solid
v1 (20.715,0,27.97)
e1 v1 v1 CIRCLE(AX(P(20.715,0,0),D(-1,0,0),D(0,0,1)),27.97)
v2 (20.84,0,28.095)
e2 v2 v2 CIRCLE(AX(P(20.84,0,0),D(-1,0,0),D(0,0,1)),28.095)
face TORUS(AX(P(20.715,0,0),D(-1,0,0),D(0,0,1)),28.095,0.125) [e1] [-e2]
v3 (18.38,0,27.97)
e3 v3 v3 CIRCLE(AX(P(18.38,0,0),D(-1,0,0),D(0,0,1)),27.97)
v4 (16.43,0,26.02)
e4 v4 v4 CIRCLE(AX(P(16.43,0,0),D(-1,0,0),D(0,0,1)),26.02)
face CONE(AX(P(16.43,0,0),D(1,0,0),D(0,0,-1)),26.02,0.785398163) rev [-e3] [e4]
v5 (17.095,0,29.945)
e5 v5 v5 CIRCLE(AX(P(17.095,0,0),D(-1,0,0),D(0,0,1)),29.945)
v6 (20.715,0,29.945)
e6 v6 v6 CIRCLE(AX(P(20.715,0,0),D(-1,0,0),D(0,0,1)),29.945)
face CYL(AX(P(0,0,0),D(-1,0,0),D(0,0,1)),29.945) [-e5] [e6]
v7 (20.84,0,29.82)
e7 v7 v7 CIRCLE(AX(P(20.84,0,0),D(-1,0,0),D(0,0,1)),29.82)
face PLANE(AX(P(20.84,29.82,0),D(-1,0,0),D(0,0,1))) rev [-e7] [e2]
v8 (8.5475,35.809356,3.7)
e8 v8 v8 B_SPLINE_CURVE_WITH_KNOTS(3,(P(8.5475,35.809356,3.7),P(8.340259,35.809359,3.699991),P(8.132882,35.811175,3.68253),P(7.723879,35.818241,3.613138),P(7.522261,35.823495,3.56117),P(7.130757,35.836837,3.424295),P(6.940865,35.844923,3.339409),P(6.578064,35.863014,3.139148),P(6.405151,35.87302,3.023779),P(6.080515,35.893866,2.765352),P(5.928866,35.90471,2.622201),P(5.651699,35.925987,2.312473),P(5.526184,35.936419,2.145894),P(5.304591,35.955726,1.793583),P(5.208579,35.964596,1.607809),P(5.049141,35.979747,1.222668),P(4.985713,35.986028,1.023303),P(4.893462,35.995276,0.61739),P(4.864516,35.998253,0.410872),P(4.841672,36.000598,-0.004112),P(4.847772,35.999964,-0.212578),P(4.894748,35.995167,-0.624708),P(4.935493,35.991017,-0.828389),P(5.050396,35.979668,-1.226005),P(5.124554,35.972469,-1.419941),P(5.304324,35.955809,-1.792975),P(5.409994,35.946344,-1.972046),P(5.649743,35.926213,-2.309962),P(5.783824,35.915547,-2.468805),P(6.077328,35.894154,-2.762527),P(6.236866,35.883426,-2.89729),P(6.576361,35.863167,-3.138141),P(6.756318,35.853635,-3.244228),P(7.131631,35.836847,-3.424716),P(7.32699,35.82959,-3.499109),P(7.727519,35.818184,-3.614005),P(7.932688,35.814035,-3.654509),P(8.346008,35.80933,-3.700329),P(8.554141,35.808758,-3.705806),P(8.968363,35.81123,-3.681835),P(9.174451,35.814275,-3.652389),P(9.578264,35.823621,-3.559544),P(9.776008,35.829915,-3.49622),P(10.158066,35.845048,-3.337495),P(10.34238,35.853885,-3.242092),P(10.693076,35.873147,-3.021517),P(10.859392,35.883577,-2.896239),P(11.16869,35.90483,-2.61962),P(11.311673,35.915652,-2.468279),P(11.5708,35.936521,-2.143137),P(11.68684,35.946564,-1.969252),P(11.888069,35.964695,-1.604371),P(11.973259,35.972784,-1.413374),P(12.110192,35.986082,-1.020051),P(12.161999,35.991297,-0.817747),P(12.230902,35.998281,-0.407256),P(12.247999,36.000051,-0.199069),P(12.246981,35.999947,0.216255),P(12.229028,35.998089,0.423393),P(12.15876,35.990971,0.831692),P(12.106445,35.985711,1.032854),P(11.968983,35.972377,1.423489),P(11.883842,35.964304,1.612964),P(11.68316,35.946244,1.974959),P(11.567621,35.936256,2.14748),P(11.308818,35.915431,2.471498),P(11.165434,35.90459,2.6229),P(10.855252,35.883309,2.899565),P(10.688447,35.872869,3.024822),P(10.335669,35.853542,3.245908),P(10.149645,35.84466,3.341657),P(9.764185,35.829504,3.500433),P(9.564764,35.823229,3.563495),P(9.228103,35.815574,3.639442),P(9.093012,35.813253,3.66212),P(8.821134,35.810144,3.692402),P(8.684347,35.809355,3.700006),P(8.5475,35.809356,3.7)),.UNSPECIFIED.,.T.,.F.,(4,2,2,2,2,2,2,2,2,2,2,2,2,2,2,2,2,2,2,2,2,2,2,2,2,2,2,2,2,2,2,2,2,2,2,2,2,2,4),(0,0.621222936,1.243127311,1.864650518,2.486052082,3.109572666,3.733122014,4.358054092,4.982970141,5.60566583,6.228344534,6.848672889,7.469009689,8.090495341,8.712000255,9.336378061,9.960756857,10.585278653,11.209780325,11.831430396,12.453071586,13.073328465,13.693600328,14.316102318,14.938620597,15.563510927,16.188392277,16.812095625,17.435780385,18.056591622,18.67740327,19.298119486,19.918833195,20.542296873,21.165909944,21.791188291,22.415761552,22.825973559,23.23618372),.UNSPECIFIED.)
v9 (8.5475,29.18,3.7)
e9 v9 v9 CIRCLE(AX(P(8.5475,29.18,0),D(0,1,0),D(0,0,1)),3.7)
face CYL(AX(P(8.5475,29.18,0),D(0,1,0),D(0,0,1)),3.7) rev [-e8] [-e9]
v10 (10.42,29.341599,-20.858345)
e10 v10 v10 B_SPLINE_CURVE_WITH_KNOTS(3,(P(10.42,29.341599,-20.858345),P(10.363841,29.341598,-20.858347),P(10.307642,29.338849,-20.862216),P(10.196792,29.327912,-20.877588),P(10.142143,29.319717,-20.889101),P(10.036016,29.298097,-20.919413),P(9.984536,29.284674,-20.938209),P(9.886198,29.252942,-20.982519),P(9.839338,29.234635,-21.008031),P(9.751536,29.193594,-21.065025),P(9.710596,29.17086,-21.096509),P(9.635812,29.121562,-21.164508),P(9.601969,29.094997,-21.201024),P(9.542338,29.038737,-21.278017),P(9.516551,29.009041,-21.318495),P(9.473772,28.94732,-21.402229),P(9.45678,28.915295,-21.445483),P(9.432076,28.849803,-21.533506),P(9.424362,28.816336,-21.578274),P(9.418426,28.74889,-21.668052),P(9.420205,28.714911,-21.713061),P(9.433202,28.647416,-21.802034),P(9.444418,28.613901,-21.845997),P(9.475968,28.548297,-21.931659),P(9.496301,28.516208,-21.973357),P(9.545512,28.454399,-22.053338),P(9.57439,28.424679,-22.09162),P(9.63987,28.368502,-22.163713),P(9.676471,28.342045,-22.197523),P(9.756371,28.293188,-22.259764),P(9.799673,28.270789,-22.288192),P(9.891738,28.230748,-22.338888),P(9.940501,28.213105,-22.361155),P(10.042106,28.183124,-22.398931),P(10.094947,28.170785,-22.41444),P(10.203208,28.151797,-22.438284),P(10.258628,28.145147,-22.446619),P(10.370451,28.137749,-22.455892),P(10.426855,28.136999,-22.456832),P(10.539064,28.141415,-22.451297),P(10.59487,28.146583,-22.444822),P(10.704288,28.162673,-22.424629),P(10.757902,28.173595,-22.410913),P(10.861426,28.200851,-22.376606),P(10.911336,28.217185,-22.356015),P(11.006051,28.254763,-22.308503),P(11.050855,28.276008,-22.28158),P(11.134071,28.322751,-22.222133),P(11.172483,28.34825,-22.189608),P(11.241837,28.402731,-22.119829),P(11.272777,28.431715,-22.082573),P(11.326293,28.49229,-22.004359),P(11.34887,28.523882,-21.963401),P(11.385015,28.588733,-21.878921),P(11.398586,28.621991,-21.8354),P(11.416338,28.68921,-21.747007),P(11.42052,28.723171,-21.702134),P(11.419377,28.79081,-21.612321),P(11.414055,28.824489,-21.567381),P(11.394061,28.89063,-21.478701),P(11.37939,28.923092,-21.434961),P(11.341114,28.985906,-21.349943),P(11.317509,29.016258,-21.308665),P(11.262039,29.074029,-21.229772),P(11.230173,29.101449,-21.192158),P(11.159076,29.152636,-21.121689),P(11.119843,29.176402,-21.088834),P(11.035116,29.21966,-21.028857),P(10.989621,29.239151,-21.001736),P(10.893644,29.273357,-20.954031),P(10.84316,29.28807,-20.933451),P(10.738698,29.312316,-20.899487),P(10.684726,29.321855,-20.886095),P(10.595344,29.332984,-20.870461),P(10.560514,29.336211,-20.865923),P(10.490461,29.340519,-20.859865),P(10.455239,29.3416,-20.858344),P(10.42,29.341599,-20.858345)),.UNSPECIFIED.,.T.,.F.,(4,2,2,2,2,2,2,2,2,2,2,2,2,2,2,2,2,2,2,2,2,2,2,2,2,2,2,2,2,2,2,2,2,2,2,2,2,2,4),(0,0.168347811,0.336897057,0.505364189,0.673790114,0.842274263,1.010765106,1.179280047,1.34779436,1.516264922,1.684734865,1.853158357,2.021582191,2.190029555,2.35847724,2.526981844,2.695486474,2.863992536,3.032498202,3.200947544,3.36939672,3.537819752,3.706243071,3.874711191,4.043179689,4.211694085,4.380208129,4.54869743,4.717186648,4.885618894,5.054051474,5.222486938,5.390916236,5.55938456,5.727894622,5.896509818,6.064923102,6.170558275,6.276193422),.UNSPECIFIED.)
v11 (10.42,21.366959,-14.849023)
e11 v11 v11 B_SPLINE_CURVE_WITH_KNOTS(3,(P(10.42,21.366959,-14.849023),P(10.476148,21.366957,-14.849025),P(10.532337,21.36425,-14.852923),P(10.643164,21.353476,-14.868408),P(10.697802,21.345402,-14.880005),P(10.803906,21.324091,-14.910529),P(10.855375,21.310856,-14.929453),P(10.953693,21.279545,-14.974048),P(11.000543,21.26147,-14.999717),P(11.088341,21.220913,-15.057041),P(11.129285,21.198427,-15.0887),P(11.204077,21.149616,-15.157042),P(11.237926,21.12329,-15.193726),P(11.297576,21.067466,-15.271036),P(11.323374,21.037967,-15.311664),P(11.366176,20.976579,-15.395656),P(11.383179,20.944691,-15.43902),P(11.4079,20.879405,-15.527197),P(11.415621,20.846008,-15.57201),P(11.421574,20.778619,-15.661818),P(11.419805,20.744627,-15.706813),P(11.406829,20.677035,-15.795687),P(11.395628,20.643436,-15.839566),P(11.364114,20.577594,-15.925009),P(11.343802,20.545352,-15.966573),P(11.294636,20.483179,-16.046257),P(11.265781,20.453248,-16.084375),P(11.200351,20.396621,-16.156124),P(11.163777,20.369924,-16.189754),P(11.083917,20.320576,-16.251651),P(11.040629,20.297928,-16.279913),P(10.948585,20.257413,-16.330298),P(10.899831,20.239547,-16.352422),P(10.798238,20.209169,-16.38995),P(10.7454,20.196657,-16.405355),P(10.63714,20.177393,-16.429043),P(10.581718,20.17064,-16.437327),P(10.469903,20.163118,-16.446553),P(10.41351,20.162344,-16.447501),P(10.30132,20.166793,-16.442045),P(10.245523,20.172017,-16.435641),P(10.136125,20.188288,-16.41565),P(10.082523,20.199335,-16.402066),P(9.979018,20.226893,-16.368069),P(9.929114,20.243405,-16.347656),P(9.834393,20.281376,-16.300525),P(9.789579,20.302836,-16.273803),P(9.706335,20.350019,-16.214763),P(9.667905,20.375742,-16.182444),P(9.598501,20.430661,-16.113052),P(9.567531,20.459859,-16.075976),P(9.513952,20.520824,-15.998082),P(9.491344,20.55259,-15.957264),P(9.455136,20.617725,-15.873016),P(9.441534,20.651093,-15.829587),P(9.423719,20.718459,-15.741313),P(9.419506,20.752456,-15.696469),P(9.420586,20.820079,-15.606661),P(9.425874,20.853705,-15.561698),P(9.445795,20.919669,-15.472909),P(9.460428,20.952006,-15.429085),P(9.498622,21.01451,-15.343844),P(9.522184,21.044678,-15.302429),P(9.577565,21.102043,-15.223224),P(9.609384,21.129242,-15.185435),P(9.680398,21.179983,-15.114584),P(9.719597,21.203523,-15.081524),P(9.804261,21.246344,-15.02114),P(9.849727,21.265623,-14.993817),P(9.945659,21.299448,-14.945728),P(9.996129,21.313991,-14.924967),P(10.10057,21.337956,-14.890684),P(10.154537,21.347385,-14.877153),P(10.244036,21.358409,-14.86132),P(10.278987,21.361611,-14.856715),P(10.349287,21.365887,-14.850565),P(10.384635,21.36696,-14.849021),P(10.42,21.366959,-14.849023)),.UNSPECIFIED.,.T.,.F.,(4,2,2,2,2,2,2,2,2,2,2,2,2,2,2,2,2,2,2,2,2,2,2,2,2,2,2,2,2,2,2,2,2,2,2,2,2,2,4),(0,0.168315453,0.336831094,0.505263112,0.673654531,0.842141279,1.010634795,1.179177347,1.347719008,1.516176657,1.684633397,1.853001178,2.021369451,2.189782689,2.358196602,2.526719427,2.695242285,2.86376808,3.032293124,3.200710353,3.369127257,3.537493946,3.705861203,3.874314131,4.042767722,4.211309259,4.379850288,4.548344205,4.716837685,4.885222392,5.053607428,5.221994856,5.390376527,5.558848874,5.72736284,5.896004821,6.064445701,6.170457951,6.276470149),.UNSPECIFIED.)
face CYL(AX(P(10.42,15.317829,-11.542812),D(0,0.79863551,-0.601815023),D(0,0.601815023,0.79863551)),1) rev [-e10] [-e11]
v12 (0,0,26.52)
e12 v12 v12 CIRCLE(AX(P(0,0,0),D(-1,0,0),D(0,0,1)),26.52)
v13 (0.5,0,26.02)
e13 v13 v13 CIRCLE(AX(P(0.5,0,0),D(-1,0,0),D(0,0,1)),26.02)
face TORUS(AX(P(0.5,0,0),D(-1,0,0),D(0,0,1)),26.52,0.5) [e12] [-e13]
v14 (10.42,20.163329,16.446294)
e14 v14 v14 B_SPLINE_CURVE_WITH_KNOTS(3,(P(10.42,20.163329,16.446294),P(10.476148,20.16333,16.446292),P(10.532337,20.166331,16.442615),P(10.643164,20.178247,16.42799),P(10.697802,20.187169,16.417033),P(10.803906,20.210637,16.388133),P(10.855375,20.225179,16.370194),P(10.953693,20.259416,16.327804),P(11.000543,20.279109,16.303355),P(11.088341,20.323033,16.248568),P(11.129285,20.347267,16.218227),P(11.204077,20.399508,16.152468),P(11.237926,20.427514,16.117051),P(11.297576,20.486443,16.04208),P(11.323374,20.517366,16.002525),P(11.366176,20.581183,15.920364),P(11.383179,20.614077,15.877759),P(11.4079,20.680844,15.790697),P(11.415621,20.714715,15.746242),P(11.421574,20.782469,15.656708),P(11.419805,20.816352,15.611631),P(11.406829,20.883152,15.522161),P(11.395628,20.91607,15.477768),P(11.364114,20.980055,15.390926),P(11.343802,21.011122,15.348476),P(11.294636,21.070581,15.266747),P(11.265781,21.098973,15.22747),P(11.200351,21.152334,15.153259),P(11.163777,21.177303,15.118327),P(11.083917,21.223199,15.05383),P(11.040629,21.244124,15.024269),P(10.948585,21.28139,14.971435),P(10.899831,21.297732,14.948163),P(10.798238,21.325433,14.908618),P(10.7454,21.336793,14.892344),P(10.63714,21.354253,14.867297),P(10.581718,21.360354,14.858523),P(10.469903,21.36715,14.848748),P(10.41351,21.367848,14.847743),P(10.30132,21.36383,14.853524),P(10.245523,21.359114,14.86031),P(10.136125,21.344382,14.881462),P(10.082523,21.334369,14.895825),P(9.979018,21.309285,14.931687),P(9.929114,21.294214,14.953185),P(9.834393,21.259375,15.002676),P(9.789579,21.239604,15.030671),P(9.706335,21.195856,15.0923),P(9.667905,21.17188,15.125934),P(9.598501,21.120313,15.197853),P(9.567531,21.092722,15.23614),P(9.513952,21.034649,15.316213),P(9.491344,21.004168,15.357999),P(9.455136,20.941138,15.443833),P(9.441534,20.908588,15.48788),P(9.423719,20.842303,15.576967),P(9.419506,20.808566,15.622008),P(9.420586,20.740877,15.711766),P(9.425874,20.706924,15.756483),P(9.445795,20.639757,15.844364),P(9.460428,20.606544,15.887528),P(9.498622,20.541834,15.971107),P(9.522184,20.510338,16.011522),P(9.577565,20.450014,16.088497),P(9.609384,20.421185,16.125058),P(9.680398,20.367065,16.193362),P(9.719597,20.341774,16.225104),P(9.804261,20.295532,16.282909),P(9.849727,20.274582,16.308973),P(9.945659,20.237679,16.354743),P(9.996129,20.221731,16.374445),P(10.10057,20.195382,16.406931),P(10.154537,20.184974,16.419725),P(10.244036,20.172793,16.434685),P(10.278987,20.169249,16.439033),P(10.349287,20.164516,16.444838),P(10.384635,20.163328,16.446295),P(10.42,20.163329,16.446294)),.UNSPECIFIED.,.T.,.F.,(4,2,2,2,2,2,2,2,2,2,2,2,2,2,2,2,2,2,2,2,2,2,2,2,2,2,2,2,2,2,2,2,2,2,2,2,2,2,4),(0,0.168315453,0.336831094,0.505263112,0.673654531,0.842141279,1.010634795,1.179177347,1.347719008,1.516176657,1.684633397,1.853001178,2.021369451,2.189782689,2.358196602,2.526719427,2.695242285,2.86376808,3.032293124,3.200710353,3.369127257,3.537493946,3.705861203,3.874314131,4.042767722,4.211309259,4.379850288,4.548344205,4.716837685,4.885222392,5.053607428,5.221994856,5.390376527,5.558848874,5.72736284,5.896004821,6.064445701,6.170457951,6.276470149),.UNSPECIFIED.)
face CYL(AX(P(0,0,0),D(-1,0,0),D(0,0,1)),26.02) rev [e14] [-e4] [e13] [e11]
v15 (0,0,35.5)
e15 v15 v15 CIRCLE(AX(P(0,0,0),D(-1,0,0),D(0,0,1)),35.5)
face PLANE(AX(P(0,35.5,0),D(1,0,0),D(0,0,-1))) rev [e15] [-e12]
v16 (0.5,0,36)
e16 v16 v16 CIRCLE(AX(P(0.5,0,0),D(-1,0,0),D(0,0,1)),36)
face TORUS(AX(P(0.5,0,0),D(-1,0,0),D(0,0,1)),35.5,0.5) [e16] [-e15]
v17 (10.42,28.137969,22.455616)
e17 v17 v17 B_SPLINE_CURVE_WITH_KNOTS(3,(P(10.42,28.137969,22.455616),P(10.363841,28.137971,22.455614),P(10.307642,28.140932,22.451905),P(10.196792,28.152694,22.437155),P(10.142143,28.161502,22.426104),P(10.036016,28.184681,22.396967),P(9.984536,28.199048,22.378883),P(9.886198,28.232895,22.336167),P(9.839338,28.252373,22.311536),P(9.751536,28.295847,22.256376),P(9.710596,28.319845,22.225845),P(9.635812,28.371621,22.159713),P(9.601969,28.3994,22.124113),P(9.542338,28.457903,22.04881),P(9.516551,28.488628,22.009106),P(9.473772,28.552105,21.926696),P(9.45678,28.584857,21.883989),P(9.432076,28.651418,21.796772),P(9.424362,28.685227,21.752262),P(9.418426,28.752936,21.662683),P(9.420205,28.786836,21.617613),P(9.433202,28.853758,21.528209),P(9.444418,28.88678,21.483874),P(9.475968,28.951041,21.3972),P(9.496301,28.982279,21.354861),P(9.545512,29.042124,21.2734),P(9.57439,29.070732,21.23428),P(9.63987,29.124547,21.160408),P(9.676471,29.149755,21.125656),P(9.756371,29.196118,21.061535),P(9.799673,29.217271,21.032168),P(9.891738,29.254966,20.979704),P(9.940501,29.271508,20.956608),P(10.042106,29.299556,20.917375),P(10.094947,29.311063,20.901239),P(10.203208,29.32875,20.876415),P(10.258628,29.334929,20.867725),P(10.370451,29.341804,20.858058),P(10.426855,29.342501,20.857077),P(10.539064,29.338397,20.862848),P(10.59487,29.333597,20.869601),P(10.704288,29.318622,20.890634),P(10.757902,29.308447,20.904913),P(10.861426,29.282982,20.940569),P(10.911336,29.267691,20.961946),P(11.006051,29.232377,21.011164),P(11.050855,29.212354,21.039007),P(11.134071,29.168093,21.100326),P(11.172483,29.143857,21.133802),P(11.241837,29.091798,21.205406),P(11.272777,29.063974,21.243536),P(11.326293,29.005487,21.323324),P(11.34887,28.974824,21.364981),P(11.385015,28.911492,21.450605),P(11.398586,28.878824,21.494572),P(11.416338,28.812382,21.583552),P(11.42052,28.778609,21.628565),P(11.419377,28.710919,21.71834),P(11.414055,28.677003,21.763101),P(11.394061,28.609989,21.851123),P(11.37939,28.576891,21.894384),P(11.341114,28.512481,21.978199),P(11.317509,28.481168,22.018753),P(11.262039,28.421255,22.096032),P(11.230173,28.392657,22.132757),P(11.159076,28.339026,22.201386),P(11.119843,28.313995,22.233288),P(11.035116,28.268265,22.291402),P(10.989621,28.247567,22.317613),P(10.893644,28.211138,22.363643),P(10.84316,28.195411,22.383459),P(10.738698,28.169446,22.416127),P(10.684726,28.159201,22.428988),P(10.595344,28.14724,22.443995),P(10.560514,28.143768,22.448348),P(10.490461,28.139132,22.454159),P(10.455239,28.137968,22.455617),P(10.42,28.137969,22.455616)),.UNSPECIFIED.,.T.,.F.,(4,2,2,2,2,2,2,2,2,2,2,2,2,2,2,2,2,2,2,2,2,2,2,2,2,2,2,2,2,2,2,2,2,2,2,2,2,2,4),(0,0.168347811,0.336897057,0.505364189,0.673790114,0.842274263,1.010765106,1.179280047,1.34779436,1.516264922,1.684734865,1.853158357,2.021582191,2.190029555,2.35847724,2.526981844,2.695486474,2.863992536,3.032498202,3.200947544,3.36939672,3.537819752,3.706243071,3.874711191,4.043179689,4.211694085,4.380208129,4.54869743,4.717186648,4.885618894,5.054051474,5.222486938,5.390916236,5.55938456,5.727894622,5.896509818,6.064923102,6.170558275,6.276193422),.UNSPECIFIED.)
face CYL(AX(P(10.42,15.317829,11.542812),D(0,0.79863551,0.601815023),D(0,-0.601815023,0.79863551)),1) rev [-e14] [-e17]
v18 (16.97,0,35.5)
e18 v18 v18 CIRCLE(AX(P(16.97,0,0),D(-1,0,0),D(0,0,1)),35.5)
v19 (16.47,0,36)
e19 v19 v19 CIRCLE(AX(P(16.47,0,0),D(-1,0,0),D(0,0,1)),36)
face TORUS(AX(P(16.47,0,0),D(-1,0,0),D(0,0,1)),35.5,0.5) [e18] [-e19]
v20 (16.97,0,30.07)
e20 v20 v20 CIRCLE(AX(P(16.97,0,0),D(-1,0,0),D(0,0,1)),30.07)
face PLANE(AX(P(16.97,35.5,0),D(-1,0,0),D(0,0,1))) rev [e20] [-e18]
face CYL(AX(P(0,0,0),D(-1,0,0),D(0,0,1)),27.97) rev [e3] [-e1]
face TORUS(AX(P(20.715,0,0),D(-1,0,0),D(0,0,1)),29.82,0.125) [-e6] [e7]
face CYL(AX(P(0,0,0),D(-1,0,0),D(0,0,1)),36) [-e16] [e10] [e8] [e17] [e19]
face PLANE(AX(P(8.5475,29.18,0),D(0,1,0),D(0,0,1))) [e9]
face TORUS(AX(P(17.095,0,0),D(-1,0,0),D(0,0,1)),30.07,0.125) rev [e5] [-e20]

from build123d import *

# Parameters (mm, degrees)
SKETCH4_R          = 3.7
CUT_EXTRUDE2_DEPTH = 6.82
SKETCH6_R          = 1
CUT_EXTRUDE3_DEPTH = 16.82
SKETCH7_R          = 1
CUT_EXTRUDE4_DEPTH = 16.82


with BuildPart() as part:
    # Sketch1 → Revolve1 (revolve)
    with BuildSketch(Plane.XY, mode=Mode.PRIVATE) as revolve1_sk:
        with BuildLine():
            Line((18.38, 27.97), (16.43, 26.02))
            Line((16.43, 26.02), (0.5, 26.02))
            ThreePointArc((0.5, 26.02), (0.146446609, 26.166446609), (0, 26.52))
            Line((0, 26.52), (0, 35.5))
            ThreePointArc((0, 35.5), (0.146446609, 35.853553391), (0.5, 36))
            Line((0.5, 36), (16.47, 36))
            ThreePointArc((16.47, 36), (16.823553391, 35.853553391), (16.97, 35.5))
            Line((16.97, 35.5), (16.97, 30.07))
            ThreePointArc((16.97, 30.07), (17.006611652, 29.981611652), (17.095, 29.945))
            Line((17.095, 29.945), (20.715, 29.945))
            ThreePointArc((20.715, 29.945), (20.803388348, 29.908388348), (20.84, 29.82))
            Line((20.84, 29.82), (20.84, 28.095))
            ThreePointArc((20.84, 28.095), (20.803388348, 28.006611652), (20.715, 27.97))
            Line((20.715, 27.97), (18.38, 27.97))
        make_face()
    revolve(revolve1_sk.sketch.rotate(Axis((0, 0, 0), (1, 0, 0)), 90), axis=Axis((0, 0, 0), (1, 0, 0)))

    # Sketch4 → Cut-Extrude2 (cut)
    with BuildSketch(Plane(origin=(0, 36, 0), x_dir=(1, 0, 0), z_dir=(0, 1, 0))):
        with Locations(Location((8.5475, 0, 0), (0, 0, 270))):
            Circle(SKETCH4_R)
    extrude(amount=-CUT_EXTRUDE2_DEPTH, mode=Mode.SUBTRACT)

    # Sketch6 → Cut-Extrude3 (cut)
    with BuildSketch(Plane(origin=(0, 28.750878362, 21.665340833), x_dir=(-1, 0, 0), z_dir=(0, 0.7986355100472962, 0.6018150231520439))):
        with Locations(Location((-10.42, 0, 0), (0, 0, 90))):
            Circle(SKETCH6_R)
    extrude(amount=-CUT_EXTRUDE3_DEPTH, mode=Mode.SUBTRACT)

    # Sketch7 → Cut-Extrude4 (cut)
    with BuildSketch(Plane(origin=(0, 28.750878362, -21.665340833), x_dir=(-1, 0, 0), z_dir=(0, 0.7986355100472878, -0.6018150231520549))):
        with Locations(Location((-10.42, 0, 0), (0, 0, 90))):
            Circle(SKETCH7_R)
    extrude(amount=-CUT_EXTRUDE4_DEPTH, mode=Mode.SUBTRACT)


solid = part.part
